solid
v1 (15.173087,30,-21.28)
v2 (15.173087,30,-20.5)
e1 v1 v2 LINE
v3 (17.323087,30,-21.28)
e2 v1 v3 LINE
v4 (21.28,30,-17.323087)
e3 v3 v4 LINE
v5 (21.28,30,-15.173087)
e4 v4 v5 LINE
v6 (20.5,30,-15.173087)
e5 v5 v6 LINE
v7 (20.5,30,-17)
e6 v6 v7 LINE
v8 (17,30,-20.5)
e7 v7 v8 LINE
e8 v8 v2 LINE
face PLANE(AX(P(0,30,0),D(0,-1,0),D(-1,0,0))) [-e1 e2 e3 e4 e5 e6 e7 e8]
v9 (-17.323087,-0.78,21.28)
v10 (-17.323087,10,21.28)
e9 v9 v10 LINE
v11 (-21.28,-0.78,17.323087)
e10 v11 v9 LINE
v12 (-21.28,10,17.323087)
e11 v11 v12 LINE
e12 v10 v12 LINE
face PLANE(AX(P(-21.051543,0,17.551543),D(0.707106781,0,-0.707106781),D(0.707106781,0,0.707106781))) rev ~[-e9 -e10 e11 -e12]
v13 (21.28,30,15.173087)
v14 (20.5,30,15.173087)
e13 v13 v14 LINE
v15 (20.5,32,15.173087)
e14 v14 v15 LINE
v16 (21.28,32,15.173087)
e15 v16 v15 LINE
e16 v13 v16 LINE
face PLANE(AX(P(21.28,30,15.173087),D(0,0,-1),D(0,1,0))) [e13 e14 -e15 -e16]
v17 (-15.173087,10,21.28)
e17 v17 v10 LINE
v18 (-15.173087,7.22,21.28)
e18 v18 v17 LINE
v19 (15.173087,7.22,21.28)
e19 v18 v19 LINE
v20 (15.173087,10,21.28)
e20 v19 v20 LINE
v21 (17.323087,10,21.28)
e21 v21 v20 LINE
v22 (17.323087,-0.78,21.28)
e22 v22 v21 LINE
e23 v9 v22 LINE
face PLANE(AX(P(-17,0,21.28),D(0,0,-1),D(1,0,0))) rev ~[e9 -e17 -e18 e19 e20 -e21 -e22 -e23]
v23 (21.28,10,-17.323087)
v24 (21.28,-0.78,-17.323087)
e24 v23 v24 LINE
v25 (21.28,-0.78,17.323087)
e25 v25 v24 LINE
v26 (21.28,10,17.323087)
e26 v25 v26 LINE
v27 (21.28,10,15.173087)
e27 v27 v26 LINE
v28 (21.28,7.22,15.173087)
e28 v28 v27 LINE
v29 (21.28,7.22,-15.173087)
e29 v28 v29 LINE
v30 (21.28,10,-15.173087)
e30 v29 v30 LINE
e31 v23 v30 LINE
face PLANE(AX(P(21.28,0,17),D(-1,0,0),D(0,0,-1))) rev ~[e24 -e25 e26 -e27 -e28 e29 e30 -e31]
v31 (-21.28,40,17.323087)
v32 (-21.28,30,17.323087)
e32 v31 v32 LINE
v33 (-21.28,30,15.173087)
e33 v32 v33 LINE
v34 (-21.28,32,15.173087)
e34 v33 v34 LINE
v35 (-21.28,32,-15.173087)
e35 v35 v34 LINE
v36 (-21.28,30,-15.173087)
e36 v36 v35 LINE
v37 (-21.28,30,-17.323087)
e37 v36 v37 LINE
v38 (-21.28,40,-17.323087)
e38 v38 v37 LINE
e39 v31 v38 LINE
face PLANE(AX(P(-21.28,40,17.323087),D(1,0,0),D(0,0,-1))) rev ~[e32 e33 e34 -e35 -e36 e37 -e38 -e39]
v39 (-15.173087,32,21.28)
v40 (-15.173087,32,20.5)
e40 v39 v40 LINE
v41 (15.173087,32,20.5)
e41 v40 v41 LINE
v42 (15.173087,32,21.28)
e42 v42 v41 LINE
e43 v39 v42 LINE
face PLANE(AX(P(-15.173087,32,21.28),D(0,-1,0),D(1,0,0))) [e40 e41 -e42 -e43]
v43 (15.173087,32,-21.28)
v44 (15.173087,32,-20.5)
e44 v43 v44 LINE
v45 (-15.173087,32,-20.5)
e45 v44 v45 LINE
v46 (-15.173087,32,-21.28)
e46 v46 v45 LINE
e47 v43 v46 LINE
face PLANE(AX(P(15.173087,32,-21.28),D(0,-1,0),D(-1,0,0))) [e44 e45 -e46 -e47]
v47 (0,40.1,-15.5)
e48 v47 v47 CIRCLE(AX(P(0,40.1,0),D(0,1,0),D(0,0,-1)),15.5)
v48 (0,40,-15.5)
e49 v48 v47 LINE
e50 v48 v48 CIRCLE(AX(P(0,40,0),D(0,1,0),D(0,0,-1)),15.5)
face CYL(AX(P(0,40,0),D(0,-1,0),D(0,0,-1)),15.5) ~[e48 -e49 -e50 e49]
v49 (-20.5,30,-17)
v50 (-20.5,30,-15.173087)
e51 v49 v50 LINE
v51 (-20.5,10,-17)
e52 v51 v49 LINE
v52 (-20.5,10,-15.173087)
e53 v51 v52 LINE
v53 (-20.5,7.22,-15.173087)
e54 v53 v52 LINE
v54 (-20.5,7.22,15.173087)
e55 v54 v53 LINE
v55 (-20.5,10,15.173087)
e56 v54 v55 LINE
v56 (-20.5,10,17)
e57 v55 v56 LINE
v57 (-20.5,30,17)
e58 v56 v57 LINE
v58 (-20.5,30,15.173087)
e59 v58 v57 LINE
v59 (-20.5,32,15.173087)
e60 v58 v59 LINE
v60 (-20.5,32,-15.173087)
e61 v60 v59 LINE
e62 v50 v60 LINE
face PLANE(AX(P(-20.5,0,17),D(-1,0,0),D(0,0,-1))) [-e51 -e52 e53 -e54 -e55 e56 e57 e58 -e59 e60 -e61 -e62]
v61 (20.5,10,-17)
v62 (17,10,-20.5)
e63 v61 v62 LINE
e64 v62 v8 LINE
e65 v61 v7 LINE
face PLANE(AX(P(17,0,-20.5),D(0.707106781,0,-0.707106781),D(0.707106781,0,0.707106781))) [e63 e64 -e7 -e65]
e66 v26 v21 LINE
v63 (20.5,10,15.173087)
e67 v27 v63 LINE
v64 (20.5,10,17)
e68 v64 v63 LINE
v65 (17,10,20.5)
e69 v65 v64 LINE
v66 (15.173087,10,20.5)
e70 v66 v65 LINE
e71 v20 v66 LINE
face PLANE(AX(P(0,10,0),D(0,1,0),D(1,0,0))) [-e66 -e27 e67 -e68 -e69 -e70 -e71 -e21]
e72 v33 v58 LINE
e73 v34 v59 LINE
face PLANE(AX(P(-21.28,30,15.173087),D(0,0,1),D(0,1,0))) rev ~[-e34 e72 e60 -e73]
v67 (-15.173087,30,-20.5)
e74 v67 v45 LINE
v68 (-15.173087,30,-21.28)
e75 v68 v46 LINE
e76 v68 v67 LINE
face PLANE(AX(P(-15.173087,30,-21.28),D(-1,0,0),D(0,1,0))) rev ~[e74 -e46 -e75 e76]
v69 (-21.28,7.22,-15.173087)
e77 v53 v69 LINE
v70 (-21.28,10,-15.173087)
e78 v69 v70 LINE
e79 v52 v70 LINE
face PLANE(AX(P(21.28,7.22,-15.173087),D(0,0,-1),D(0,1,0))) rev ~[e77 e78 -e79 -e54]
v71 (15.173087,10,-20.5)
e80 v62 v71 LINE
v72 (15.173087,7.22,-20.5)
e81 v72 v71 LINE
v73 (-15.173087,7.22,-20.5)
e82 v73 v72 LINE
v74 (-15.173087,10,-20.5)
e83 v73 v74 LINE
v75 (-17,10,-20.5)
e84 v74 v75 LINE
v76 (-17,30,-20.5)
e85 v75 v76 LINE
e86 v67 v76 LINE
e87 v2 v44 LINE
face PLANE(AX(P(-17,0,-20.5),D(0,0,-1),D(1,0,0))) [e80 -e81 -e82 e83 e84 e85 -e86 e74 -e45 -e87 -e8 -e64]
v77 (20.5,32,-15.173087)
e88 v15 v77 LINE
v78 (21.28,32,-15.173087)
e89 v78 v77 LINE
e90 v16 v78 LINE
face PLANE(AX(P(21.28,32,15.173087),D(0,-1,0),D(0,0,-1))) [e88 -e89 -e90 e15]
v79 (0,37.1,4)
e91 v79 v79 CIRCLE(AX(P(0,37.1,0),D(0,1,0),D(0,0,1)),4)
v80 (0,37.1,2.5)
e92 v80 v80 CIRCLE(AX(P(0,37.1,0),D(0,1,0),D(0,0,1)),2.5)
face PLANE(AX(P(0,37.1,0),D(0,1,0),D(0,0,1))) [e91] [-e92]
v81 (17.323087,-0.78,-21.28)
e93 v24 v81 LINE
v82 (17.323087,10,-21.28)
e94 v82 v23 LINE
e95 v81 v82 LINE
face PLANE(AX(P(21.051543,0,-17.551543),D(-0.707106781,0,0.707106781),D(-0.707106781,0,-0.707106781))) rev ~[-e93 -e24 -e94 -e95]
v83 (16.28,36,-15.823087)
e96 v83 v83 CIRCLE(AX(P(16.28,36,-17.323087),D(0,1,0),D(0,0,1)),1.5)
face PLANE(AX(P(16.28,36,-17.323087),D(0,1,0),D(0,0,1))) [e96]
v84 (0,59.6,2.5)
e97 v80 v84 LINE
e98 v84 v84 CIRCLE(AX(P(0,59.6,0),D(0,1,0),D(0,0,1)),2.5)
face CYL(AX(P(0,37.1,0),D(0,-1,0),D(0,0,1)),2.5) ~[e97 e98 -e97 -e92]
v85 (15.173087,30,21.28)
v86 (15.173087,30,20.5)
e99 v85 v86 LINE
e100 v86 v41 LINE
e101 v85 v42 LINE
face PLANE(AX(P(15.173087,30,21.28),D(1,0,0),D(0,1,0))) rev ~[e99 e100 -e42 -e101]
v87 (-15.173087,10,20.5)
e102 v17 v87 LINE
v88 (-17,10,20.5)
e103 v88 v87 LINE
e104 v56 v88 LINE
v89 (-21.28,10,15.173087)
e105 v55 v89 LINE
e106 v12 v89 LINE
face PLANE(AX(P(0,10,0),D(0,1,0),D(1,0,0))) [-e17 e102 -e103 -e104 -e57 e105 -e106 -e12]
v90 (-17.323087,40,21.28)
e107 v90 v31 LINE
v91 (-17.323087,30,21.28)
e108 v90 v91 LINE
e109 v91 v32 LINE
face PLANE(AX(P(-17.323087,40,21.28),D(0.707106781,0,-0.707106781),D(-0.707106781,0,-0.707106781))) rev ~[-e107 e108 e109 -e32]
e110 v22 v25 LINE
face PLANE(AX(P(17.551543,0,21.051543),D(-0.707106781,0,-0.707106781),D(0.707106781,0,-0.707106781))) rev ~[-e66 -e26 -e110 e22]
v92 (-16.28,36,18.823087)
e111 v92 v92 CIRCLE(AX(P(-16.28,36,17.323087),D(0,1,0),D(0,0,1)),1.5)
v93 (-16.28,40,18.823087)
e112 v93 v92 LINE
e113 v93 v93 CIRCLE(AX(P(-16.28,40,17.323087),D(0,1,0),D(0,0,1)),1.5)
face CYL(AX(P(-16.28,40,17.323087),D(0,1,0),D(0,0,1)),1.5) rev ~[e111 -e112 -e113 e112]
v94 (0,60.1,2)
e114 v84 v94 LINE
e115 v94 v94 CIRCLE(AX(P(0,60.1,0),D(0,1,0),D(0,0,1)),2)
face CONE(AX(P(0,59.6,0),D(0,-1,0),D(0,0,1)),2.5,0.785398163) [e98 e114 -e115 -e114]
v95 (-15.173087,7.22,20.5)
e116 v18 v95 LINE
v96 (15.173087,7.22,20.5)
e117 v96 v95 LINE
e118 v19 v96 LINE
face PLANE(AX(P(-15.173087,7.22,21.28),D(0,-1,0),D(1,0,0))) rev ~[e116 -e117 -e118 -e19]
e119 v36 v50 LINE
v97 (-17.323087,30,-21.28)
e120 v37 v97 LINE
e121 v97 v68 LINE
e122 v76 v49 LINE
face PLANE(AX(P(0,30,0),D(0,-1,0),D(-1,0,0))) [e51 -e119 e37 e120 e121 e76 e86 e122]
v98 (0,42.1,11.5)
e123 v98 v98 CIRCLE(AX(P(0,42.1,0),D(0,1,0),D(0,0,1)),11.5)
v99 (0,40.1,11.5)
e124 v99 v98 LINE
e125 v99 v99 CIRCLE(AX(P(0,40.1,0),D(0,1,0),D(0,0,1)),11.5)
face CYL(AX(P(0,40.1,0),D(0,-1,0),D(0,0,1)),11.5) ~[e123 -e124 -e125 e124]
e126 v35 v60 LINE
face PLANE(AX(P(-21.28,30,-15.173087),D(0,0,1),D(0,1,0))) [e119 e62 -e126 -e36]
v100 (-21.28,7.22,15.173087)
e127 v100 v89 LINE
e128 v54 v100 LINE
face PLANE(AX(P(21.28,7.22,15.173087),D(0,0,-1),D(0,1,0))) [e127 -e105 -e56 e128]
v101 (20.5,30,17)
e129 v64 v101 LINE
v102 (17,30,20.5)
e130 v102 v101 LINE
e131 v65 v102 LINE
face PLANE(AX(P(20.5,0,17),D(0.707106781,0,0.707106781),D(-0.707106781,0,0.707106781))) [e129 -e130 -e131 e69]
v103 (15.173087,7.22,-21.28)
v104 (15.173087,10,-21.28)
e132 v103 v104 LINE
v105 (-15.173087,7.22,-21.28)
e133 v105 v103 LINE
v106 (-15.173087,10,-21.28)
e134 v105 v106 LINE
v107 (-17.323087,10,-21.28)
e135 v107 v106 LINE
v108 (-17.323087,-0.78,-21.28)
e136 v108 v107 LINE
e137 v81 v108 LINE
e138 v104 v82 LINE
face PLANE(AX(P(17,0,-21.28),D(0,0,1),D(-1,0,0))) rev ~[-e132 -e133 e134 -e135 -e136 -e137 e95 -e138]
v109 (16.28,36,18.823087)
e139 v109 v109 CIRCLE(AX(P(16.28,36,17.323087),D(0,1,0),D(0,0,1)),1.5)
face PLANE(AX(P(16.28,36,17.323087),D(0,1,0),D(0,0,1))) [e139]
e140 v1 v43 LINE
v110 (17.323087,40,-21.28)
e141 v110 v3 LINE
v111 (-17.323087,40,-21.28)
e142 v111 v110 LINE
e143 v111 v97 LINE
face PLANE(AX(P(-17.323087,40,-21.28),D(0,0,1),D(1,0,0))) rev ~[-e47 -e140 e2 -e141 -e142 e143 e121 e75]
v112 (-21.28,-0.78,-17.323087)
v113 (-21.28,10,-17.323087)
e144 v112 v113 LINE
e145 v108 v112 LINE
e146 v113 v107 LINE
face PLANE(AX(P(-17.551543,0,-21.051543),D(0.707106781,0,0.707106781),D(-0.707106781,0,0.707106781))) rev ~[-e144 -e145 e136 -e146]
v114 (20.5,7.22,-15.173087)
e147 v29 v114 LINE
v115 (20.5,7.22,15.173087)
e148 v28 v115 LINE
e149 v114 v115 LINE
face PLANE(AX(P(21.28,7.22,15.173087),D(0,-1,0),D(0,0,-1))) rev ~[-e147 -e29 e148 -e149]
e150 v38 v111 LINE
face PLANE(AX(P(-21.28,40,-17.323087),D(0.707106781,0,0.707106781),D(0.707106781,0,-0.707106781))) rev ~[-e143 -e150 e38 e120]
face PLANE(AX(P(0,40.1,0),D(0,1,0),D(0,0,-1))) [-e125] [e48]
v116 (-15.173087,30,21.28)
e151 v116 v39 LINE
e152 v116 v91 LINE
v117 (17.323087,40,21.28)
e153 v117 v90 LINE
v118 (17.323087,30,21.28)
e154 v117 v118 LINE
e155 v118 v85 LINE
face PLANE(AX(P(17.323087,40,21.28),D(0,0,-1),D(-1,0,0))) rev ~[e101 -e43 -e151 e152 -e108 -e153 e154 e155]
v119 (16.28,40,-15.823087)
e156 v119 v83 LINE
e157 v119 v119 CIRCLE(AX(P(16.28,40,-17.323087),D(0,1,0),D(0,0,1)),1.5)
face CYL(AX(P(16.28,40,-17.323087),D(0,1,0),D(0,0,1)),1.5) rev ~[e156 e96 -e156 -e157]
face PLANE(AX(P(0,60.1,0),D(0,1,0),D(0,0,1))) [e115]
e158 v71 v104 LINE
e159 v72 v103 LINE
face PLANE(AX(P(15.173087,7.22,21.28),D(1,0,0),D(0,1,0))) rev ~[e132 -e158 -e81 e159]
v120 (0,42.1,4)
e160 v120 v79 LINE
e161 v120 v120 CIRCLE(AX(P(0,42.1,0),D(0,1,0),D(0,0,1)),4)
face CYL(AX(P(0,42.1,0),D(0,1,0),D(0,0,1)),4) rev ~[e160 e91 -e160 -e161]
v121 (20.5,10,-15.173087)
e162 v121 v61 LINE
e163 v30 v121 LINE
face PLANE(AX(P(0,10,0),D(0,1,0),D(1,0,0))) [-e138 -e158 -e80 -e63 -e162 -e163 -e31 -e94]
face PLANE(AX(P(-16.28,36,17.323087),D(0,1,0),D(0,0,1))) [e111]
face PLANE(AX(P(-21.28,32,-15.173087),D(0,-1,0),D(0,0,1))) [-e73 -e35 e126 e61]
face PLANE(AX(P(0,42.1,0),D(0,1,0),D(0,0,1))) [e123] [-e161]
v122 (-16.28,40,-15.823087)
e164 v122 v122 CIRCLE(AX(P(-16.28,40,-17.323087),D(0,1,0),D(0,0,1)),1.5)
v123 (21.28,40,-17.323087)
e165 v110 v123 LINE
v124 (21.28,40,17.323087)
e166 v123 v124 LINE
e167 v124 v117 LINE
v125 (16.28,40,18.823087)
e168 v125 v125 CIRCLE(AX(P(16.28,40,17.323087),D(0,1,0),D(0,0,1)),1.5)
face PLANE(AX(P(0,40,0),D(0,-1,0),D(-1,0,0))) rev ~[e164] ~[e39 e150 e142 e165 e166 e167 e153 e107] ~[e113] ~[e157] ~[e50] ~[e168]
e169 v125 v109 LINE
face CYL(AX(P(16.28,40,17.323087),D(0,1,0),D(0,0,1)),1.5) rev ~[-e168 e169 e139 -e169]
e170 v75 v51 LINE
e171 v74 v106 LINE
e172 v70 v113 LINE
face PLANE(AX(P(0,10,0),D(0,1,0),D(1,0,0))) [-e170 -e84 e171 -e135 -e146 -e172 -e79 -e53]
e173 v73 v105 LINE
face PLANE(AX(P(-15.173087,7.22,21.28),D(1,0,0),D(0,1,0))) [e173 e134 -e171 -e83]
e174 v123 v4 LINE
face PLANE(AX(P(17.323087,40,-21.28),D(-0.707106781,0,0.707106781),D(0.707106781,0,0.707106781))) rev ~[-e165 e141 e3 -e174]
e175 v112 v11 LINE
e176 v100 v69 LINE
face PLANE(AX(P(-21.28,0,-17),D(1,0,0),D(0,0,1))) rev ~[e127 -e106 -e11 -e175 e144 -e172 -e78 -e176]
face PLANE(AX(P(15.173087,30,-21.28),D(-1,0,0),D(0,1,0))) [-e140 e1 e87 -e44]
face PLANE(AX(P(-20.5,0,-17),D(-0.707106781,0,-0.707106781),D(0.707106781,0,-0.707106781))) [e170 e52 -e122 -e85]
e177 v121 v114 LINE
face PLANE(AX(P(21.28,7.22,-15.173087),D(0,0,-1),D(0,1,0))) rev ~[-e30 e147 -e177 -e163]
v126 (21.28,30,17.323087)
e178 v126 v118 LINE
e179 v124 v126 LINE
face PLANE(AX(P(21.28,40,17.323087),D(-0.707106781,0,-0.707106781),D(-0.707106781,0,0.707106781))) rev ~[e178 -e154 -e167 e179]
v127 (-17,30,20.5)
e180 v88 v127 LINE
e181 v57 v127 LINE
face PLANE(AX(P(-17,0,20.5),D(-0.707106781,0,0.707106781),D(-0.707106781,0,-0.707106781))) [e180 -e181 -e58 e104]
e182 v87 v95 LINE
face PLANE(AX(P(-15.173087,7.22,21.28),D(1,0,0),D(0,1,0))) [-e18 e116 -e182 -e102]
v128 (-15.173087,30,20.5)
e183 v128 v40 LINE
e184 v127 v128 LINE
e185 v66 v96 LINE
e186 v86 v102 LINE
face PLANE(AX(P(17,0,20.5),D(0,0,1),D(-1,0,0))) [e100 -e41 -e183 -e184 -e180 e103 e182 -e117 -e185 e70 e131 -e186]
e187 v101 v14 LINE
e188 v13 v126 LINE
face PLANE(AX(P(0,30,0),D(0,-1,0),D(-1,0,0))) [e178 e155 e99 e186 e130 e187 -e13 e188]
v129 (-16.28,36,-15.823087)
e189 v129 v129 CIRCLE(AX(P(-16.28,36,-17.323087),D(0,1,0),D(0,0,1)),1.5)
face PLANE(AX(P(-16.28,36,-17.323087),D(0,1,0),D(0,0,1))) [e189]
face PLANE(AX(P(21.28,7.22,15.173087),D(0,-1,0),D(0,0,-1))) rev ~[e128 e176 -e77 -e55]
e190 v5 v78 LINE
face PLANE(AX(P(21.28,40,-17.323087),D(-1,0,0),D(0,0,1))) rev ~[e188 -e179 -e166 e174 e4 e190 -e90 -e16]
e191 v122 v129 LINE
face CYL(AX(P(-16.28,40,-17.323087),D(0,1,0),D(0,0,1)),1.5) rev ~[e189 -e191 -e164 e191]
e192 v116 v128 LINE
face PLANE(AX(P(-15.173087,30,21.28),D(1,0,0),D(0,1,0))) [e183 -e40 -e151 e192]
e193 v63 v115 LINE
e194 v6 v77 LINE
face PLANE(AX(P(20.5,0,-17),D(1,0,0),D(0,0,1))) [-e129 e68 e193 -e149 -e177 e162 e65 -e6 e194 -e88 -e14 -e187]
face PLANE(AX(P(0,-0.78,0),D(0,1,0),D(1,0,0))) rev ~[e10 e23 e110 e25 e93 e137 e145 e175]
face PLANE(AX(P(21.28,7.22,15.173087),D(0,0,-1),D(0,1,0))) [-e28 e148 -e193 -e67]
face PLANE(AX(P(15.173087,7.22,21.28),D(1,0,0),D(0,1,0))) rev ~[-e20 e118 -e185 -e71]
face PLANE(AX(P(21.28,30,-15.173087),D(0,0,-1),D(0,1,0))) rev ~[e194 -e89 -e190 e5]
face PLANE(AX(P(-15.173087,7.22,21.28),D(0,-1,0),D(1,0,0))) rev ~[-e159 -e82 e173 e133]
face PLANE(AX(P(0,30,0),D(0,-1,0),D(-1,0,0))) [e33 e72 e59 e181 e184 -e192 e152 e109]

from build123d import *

# Parameters (mm, degrees)
SALIENTE_EXTRUIR2_DEPTH = 10
VACIADO6_T              = 0.78
CROQUIS2_W              = 30.346173158
CROQUIS2_H              = 2.78
CORTAR_EXTRUIR1_DEPTH   = 49.622957541
CROQUIS3_W              = 30.346173158
CROQUIS3_H              = 2.78
CORTAR_EXTRUIR2_DEPTH   = 49.622957541
SALIENTE_EXTRUIR3_DEPTH = 40
SALIENTE_EXTRUIR4_DEPTH = 10
CROQUIS6_W              = 30.346173158
CROQUIS6_H              = 2
CORTAR_EXTRUIR3_DEPTH   = 0.78
CROQUIS7_W              = 30.346173158
CROQUIS7_H              = 2
CORTAR_EXTRUIR4_DEPTH   = 0.78
CROQUIS8_W              = 30.346173158
CROQUIS8_H              = 2
CORTAR_EXTRUIR5_DEPTH   = 0.78
CROQUIS9_W              = 30.346173158
CROQUIS9_H              = 2
CORTAR_EXTRUIR6_DEPTH   = 0.78
CROQUIS10_R             = 1.5
CORTAR_EXTRUIR7_DEPTH   = 4
CROQUIS11_R             = 15.5
SALIENTE_EXTRUIR5_DEPTH = 0.1
CROQUIS12_R             = 11.5
SALIENTE_EXTRUIR6_DEPTH = 2
CROQUIS13_R             = 4
CORTAR_EXTRUIR8_DEPTH   = 5
CROQUIS14_R             = 2.5
SALIENTE_EXTRUIR7_DEPTH = 23
CHAFL_N1_SIZE           = 0.5


with BuildPart() as part:
    # Croquis1 → Saliente-Extruir2 (new body)
    with BuildSketch(Plane(origin=(0, 0, 0), x_dir=(1, 0, 0), z_dir=(0, 1, 0))):
        Polygon((20.5, 17), (17, 20.5), (-17, 20.5), (-20.5, 17), (-20.5, -17), (-17, -20.5), (17, -20.5), (20.5, -17), align=None)
    extrude(amount=SALIENTE_EXTRUIR2_DEPTH)

    # Vaciado6
    vaciado6_openings = [part.faces().sort_by_distance(p)[0] for p in [
        (0, 10, 0),
    ]]
    offset(amount=VACIADO6_T, openings=vaciado6_openings, kind=Kind.INTERSECTION)

    # Croquis2 → Cortar-Extruir1 (cut, through all)
    with BuildSketch(Plane(origin=(21.28, 0, 0), x_dir=(0, 0, -1), z_dir=(1, 0, 0))):
        with Locations((0, 8.61)):
            Rectangle(CROQUIS2_W, CROQUIS2_H)
    extrude(amount=-CORTAR_EXTRUIR1_DEPTH, mode=Mode.SUBTRACT)

    # Croquis3 → Cortar-Extruir2 (cut, through all)
    with BuildSketch(Plane.XY.offset(21.28)):
        with Locations((0, 8.61)):
            Rectangle(CROQUIS3_W, CROQUIS3_H)
    extrude(amount=-CORTAR_EXTRUIR2_DEPTH, mode=Mode.SUBTRACT)

    # Croquis4 → Saliente-Extruir3 (add)
    with BuildSketch(Plane(origin=(0, 0, 0), x_dir=(1, 0, 0), z_dir=(0, 1, 0))):
        Polygon((-17, 20.5), (17, 20.5), (20.5, 17), (20.5, -17), (17, -20.5), (-17, -20.5), (-20.5, -17), (-20.5, 17), align=None)
    extrude(amount=SALIENTE_EXTRUIR3_DEPTH)

    # Croquis5 → Saliente-Extruir4 (add)
    with BuildSketch(Plane(origin=(0, 40, 0), x_dir=(1, 0, 0), z_dir=(0, 1, 0))):
        Polygon((-21.28, 17.323086579), (-17.323086579, 21.28), (17.323086579, 21.28), (21.28, 17.323086579), (21.28, -17.323086579), (17.323086579, -21.28), (-17.323086579, -21.28), (-21.28, -17.323086579), align=None)
    extrude(amount=-SALIENTE_EXTRUIR4_DEPTH)

    # Croquis6 → Cortar-Extruir3 (cut)
    with BuildSketch(Plane.XY.offset(21.28)):
        with Locations((0, 31)):
            Rectangle(CROQUIS6_W, CROQUIS6_H)
    extrude(amount=-CORTAR_EXTRUIR3_DEPTH, mode=Mode.SUBTRACT)

    # Croquis7 → Cortar-Extruir4 (cut)
    with BuildSketch(Plane(origin=(0, 0, -21.28), x_dir=(-1, 0, 0), z_dir=(0, 0, -1))):
        with Locations((0, 31)):
            Rectangle(CROQUIS7_W, CROQUIS7_H)
    extrude(amount=-CORTAR_EXTRUIR4_DEPTH, mode=Mode.SUBTRACT)

    # Croquis8 → Cortar-Extruir5 (cut)
    with BuildSketch(Plane.ZY.offset(21.28)):
        with Locations((0, 31)):
            Rectangle(CROQUIS8_W, CROQUIS8_H)
    extrude(amount=-CORTAR_EXTRUIR5_DEPTH, mode=Mode.SUBTRACT)

    # Croquis9 → Cortar-Extruir6 (cut)
    with BuildSketch(Plane(origin=(21.28, 0, 0), x_dir=(0, 0, -1), z_dir=(1, 0, 0))):
        with Locations((0, 31)):
            Rectangle(CROQUIS9_W, CROQUIS9_H)
    extrude(amount=-CORTAR_EXTRUIR6_DEPTH, mode=Mode.SUBTRACT)

    # Croquis10 → Cortar-Extruir7 (cut)
    with BuildSketch(Plane(origin=(0, 40, 0), x_dir=(1, 0, 0), z_dir=(0, 1, 0))):
        with Locations(Location((-16.28, 17.323086579, 0), (0, 0, 270))):
            Circle(CROQUIS10_R)
        with Locations(Location((16.28, 17.323086579, 0), (0, 0, 270))):
            Circle(CROQUIS10_R)
        with Locations(Location((16.28, -17.323086579, 0), (0, 0, 270))):
            Circle(CROQUIS10_R)
        with Locations(Location((-16.28, -17.323086579, 0), (0, 0, 270))):
            Circle(CROQUIS10_R)
    extrude(amount=-CORTAR_EXTRUIR7_DEPTH, mode=Mode.SUBTRACT)

    # Croquis11 → Saliente-Extruir5 (add)
    with BuildSketch(Plane(origin=(0, 40, 0), x_dir=(1, 0, 0), z_dir=(0, 1, 0))):
        with Locations(Location((0, 0, 0), (0, 0, 90))):
            Circle(CROQUIS11_R)
    extrude(amount=SALIENTE_EXTRUIR5_DEPTH)

    # Croquis12 → Saliente-Extruir6 (add)
    with BuildSketch(Plane(origin=(0, 40.1, 0), x_dir=(1, 0, 0), z_dir=(0, 1, 0))):
        with Locations(Location((0, 0, 0), (0, 0, 270))):
            Circle(CROQUIS12_R)
    extrude(amount=SALIENTE_EXTRUIR6_DEPTH)

    # Croquis13 → Cortar-Extruir8 (cut)
    with BuildSketch(Plane(origin=(0, 42.1, 0), x_dir=(1, 0, 0), z_dir=(0, 1, 0))):
        with Locations(Location((0, 0, 0), (0, 0, 270))):
            Circle(CROQUIS13_R)
    extrude(amount=-CORTAR_EXTRUIR8_DEPTH, mode=Mode.SUBTRACT)

    # Croquis14 → Saliente-Extruir7 (add)
    with BuildSketch(Plane(origin=(0, 37.1, 0), x_dir=(1, 0, 0), z_dir=(0, 1, 0))):
        with Locations(Location((0, 0, 0), (0, 0, 270))):
            Circle(CROQUIS14_R)
    extrude(amount=SALIENTE_EXTRUIR7_DEPTH)

    # Chaflán1
    chafl_n1_edges = [part.edges().sort_by_distance(p)[0] for p in [
        (0, 60.1, -2.5),
    ]]
    chamfer(chafl_n1_edges, length=CHAFL_N1_SIZE)


solid = part.part
